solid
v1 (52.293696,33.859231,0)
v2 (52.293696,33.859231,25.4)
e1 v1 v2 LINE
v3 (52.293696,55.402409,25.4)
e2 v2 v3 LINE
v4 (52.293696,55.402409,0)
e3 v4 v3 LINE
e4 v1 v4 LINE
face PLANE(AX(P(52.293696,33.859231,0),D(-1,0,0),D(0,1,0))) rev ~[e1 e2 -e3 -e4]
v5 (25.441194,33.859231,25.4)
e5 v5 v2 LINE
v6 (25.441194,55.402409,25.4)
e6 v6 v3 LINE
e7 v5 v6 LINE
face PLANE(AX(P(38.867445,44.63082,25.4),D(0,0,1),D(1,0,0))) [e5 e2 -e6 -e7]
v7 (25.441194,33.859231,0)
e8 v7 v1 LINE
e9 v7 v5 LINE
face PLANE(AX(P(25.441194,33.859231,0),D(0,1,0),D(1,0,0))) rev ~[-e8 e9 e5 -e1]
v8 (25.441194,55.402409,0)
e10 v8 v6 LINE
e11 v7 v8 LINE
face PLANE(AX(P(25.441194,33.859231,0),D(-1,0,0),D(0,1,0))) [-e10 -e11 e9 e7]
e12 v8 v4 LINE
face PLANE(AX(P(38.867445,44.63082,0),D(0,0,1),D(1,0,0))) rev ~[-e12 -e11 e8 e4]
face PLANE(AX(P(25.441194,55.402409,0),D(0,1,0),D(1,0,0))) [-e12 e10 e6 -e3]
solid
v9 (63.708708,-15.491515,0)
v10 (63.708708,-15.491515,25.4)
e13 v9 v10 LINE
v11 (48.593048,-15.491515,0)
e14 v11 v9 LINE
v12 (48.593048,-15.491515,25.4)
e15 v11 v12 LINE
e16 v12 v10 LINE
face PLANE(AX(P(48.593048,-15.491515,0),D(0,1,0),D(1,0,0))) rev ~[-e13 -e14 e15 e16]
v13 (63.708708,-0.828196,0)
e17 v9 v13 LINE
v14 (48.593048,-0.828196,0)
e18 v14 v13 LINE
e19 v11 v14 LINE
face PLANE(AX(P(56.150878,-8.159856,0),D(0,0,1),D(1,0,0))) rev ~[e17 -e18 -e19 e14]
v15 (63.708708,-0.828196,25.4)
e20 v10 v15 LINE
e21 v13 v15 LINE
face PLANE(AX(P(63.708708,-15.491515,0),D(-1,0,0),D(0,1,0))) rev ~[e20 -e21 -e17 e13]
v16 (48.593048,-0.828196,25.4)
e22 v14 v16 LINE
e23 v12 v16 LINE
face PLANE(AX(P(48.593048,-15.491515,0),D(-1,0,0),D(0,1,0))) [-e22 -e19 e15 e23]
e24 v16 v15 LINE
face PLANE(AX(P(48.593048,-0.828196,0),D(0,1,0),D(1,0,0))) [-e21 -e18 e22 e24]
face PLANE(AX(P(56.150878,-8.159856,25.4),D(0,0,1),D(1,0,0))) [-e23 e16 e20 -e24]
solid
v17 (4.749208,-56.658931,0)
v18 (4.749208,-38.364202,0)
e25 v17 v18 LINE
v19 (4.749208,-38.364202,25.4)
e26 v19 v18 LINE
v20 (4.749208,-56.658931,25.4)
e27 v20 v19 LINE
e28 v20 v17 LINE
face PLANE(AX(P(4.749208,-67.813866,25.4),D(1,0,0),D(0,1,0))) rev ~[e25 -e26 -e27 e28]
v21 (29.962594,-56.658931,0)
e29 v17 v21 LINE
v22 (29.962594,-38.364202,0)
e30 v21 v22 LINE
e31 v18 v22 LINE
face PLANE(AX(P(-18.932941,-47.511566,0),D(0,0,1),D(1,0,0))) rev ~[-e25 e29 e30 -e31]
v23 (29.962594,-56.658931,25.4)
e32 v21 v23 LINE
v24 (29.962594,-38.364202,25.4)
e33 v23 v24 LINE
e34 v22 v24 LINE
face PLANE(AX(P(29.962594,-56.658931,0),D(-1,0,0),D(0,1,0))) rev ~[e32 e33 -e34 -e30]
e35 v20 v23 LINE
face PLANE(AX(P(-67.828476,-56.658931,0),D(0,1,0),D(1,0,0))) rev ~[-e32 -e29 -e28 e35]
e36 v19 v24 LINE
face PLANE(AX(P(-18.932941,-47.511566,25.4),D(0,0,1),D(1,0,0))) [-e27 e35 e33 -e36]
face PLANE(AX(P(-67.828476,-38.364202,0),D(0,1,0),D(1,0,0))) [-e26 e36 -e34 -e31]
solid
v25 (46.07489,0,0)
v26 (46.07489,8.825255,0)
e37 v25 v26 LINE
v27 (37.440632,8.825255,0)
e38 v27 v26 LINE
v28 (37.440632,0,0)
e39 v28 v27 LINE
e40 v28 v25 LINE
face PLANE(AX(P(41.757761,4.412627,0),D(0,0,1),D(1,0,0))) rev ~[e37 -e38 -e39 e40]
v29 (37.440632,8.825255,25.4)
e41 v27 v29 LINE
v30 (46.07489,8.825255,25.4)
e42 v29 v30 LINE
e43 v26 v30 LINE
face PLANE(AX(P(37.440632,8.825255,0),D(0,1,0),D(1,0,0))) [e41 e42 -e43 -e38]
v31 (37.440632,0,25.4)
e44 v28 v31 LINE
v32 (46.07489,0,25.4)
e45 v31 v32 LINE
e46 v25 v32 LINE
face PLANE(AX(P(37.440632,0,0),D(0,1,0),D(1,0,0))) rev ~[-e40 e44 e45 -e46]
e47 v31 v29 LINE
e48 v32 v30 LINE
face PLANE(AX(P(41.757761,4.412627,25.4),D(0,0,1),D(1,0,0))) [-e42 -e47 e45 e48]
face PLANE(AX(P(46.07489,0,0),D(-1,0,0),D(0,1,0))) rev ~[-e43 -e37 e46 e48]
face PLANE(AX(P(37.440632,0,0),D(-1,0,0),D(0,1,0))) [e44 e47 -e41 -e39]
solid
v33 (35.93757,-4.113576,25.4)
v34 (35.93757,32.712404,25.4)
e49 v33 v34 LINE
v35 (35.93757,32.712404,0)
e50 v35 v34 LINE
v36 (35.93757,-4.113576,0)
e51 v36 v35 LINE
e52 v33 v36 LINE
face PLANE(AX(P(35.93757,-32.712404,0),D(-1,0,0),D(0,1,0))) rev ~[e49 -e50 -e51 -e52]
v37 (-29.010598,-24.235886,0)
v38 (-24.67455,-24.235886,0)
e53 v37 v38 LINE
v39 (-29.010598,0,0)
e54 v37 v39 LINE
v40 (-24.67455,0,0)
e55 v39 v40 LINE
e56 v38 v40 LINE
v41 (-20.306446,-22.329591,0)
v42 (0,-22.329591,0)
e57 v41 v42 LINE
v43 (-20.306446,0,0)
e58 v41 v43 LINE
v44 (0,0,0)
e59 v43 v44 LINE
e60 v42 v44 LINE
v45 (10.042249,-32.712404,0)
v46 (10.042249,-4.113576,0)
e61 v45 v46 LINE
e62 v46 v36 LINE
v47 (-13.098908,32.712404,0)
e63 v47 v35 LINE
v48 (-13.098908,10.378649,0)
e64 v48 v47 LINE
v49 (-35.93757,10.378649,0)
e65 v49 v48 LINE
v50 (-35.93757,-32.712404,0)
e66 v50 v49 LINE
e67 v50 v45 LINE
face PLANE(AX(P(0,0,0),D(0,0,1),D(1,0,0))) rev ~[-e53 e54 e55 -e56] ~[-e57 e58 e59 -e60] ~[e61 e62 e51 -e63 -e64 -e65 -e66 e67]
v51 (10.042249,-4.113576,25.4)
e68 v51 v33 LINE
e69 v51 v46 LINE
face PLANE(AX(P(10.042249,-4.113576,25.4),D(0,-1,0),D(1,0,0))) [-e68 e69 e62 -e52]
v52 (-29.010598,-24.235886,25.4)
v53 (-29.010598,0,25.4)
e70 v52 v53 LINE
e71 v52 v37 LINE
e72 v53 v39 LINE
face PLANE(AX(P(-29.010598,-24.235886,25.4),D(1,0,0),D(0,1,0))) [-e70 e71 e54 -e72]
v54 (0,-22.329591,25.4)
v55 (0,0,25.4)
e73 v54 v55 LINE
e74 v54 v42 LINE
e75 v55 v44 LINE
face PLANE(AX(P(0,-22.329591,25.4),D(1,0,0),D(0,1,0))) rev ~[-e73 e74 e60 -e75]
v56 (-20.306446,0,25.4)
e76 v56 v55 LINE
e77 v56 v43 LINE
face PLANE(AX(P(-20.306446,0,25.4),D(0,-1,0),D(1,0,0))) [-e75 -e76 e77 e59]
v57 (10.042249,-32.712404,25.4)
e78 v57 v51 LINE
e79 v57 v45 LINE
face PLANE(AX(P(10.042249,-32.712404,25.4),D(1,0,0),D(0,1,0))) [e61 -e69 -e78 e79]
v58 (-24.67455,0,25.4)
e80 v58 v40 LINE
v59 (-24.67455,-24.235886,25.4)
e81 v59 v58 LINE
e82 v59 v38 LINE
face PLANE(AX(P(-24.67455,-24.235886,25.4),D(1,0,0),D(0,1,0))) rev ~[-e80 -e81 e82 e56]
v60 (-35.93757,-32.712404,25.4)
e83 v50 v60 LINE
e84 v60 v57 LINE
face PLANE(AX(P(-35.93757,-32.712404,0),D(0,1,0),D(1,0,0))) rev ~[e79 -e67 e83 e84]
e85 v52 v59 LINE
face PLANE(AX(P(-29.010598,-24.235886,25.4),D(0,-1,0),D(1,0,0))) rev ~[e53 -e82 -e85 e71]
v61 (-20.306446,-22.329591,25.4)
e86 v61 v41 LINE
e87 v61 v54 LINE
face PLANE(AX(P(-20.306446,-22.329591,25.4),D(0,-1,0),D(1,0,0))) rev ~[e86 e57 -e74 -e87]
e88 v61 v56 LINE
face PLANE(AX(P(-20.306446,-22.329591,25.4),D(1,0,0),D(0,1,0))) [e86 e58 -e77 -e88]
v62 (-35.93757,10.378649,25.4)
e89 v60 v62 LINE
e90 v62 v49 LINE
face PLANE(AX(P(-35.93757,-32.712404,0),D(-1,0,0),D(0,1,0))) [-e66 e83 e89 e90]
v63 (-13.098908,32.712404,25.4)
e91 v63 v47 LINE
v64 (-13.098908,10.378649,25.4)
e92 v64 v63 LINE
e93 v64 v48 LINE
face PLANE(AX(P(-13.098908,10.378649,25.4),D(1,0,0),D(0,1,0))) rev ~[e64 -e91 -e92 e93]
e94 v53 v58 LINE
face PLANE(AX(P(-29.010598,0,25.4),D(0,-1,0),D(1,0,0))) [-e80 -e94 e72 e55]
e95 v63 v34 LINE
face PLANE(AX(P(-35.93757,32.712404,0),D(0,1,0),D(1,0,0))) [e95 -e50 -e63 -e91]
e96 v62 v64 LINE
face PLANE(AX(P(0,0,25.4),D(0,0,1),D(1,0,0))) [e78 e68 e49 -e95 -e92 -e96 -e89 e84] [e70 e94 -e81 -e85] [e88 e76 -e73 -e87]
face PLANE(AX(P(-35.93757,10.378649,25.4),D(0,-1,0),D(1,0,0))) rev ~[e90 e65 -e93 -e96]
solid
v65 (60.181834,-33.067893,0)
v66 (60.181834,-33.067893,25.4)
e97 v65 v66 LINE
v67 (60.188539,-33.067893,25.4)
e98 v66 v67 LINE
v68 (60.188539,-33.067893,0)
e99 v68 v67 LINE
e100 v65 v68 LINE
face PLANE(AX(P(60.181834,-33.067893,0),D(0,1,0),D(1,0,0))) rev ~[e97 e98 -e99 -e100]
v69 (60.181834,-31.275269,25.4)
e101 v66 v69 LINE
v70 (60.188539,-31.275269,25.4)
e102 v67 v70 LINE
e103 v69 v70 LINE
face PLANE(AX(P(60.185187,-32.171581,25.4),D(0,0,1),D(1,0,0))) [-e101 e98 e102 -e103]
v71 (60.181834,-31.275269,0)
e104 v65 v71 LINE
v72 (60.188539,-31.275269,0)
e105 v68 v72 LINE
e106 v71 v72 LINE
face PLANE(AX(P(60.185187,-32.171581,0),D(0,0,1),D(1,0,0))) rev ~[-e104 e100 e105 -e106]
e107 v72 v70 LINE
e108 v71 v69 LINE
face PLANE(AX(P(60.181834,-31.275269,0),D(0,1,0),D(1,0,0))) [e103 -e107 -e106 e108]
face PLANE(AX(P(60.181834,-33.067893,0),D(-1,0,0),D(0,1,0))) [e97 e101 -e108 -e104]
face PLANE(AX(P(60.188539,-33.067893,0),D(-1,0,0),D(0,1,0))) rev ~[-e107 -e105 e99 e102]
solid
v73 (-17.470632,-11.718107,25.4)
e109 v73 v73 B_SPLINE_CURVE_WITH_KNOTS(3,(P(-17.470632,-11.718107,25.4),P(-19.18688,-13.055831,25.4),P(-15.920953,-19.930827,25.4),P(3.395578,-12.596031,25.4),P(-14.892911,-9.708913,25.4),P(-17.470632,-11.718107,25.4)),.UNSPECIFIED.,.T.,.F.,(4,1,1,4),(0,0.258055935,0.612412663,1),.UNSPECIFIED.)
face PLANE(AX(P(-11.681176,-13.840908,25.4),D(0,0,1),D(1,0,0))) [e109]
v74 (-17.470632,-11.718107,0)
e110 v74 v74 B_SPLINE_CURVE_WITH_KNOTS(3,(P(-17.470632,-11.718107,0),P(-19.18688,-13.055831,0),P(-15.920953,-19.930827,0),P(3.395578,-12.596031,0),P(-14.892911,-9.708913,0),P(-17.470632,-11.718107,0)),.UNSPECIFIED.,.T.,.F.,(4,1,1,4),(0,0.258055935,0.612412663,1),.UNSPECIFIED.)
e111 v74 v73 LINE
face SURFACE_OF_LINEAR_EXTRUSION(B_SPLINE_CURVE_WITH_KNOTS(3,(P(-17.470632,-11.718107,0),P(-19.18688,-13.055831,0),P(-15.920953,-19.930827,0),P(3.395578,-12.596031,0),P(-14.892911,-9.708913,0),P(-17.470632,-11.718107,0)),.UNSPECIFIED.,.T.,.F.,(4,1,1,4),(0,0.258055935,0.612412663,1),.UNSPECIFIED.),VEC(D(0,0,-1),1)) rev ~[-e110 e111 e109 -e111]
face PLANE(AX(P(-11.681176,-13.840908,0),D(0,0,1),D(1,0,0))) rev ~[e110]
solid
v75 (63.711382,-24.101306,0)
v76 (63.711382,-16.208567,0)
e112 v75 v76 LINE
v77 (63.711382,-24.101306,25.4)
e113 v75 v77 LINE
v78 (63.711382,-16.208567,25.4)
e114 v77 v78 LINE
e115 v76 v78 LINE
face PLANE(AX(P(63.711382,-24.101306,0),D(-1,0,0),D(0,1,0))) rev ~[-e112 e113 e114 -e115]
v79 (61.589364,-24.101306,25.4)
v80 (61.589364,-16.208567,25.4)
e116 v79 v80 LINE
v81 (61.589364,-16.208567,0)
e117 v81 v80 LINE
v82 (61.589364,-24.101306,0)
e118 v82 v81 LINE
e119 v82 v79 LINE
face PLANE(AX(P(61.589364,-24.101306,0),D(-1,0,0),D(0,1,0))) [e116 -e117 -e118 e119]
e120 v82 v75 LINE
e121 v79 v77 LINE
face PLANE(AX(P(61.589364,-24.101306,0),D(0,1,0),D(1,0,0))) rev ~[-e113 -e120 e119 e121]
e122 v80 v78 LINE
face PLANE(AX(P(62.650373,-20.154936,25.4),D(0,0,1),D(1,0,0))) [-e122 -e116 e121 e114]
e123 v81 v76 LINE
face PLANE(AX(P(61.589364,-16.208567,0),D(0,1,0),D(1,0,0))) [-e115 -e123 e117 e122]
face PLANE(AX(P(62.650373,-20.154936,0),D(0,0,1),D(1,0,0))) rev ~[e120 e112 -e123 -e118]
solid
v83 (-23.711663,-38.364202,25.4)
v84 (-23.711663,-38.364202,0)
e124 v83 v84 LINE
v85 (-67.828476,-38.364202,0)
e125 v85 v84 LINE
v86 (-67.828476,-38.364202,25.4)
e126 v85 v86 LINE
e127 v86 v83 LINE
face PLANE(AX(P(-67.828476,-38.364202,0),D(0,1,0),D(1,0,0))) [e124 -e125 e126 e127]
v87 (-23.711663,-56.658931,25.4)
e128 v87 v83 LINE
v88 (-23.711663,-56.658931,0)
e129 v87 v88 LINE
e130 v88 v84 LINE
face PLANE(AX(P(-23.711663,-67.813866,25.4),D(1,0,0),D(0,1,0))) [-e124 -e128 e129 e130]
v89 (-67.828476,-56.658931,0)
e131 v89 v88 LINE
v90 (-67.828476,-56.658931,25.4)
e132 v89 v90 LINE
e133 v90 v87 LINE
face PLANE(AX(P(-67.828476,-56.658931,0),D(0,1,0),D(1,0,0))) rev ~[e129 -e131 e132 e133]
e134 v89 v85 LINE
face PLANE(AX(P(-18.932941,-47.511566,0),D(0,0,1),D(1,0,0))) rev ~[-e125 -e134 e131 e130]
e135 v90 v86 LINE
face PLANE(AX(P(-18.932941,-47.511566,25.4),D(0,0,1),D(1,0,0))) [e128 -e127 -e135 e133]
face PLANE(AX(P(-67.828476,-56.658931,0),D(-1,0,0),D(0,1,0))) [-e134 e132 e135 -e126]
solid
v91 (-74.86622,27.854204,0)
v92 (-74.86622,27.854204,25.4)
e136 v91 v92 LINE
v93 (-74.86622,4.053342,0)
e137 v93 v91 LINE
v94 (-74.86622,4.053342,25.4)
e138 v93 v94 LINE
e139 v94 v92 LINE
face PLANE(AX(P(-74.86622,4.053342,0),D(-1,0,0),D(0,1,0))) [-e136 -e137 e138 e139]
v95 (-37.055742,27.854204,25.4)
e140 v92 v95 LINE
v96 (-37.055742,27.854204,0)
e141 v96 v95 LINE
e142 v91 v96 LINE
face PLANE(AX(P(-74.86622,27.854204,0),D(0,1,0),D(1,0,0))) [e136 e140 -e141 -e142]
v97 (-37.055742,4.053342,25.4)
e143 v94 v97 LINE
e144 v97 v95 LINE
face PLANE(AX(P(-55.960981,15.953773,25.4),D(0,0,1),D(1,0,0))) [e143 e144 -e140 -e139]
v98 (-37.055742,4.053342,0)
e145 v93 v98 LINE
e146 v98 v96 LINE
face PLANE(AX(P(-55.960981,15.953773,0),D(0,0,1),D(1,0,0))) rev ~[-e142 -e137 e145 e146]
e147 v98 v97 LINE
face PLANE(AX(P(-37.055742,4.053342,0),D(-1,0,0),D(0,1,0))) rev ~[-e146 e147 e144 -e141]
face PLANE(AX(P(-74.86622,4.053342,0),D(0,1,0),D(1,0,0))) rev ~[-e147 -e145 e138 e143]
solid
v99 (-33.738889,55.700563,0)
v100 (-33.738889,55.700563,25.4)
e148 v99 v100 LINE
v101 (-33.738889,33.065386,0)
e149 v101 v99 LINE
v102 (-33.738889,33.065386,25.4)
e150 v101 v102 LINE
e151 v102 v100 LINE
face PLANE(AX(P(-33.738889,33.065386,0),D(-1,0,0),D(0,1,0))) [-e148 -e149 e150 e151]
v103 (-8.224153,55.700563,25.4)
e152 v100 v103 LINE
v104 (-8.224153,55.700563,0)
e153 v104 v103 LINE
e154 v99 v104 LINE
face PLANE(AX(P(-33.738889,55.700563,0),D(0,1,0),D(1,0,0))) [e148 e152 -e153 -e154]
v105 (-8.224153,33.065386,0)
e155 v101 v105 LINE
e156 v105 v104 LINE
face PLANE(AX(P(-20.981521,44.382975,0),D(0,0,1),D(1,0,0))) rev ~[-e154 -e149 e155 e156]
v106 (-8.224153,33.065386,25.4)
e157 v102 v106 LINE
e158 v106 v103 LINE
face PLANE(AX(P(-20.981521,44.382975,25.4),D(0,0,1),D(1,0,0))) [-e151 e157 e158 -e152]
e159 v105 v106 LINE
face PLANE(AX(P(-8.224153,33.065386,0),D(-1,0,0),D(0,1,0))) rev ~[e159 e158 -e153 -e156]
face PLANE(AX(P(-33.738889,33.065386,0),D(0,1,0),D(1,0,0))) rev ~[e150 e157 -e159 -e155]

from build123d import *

# Parameters (mm, degrees)
F0_W      = 71.8751400709
F0_H      = 65.4248073697
F1_DEPTH  = 25.4
F2_W      = 22.8386623785
F2_H      = 22.3337542266
F3_DEPTH  = 25.401
F4_W      = 25.8953208104
F4_H      = 28.5988273099
F5_DEPTH  = 25.401
F6_W      = 20.3064456582
F6_H      = 22.3295912147
F7_DEPTH  = 25.401
F8_W      = 4.3360479176
F8_H      = 24.2358855903
F9_DEPTH  = 25.401
F10_W     = 97.7910701185
F10_H     = 18.2947292924
F11_DEPTH = 25.4
F12_W     = 28.4608709626
F12_H     = 29.4496640563
F13_DEPTH = 25.401
F14_W     = 25.5147358403
F14_H     = 22.6351767778
F15_DEPTH = 25.4
F16_W     = 26.8525015563
F16_H     = 21.5431787074
F17_DEPTH = 25.4
F18_W     = 8.6342580616
F18_H     = 8.8252546266
F19_DEPTH = 25.4
F18_W_2   = 15.1156596839
F18_H_2   = 14.6633193363
F18_W_3   = 2.1220184863
F18_H_3   = 7.8927390277
F18_W_4   = 0.0067055225
F18_H_4   = 1.7926245928
F20_W     = 37.8104783595
F20_H     = 23.8008620217
F21_DEPTH = 25.4
F23_DEPTH = 25.4


with BuildPart() as f1:
    # F0 (on Top) → F1 (new body)
    with BuildSketch(Plane.XY):
        Rectangle(F0_W, F0_H)
    extrude(amount=F1_DEPTH)

    # F2 (on face) → F3 (cut, through all)
    with BuildSketch(Plane.XY.offset(25.4)):
        with Locations((-24.5182388462, 21.5455265716)):
            Rectangle(F2_W, F2_H)
    extrude(amount=-F3_DEPTH, mode=Mode.SUBTRACT)

    # F4 (on face) → F5 (cut, through all)
    with BuildSketch(Plane.XY.offset(25.4)):
        with Locations((22.9899096303, -18.4129900299)):
            Rectangle(F4_W, F4_H)
    extrude(amount=-F5_DEPTH, mode=Mode.SUBTRACT)

    # F6 (on face) → F7 (cut, through all)
    with BuildSketch(Plane.XY.offset(25.4)):
        with Locations((-10.1532228291, -11.1647956073)):
            Rectangle(F6_W, F6_H)
    extrude(amount=-F7_DEPTH, mode=Mode.SUBTRACT)

    # F8 (on face) → F9 (cut, through all)
    with BuildSketch(Plane.XY.offset(25.4)):
        with Locations((-26.8425736576, -12.1179427952)):
            Rectangle(F8_W, F8_H)
    extrude(amount=-F9_DEPTH, mode=Mode.SUBTRACT)


with BuildPart() as f11:
    # F10 (on Top) → F11 (new body)
    with BuildSketch(Plane.XY):
        with Locations((-18.9329413697, -47.5115664303)):
            Rectangle(F10_W, F10_H)
    extrude(amount=F11_DEPTH)

    # F12 (on face) → F13 (cut, through all)
    with BuildSketch(Plane.XY.offset(25.4)):
        with Locations((-9.4812272582, -53.0890338123)):
            Rectangle(F12_W, F12_H)
    extrude(amount=-F13_DEPTH, mode=Mode.SUBTRACT)


with BuildPart() as f15:
    # F14 (on Top) → F15 (new body)
    with BuildSketch(Plane.XY):
        with Locations((-20.98152088, 44.3829745054)):
            Rectangle(F14_W, F14_H)
    extrude(amount=F15_DEPTH)


with BuildPart() as f17:
    # F16 (on Top) → F17 (new body)
    with BuildSketch(Plane.XY):
        with Locations((38.8674447313, 44.6308199316)):
            Rectangle(F16_W, F16_H)
    extrude(amount=F17_DEPTH)


with BuildPart() as f19:
    # F18 (on Top) → F19 (new body)
    with BuildSketch(Plane.XY):
        with Locations((41.7577605695, 4.4126273133)):
            Rectangle(F18_W, F18_H)
    extrude(amount=F19_DEPTH)


with BuildPart() as f19b:
    # F18 (on Top) → F19, piece 2 (new body)
    with BuildSketch(Plane.XY):
        with Locations((56.1508778483, -8.1598557299)):
            Rectangle(F18_W_2, F18_H_2)
    extrude(amount=F19_DEPTH)


with BuildPart() as f19c:
    # F18 (on Top) → F19, piece 3 (new body)
    with BuildSketch(Plane.XY):
        with Locations((62.6503732055, -20.1549362391)):
            Rectangle(F18_W_3, F18_H_3)
    extrude(amount=F19_DEPTH)


with BuildPart() as f19d:
    # F18 (on Top) → F19, piece 4 (new body)
    with BuildSketch(Plane.XY):
        with Locations((60.1851865649, -32.1715809405)):
            Rectangle(F18_W_4, F18_H_4)
    extrude(amount=F19_DEPTH)


with BuildPart() as f21:
    # F20 (on Top) → F21 (new body)
    with BuildSketch(Plane.XY):
        with Locations((-55.9609811753, 15.953773167)):
            Rectangle(F20_W, F20_H)
    extrude(amount=F21_DEPTH)


with BuildPart() as f23:
    # F22 (on Top) → F23 (new body)
    with BuildSketch(Plane.XY):
        with BuildLine():
            add(Edge.make_bspline(
                [(-17.4706317484, -11.7181073874), (-19.1868801709, -13.0558307579), (-15.9209529822, -19.9308273896), (3.3955781074, -12.5960314776), (-14.8929109318, -9.708912603), (-17.4706317484, -11.7181073874)],
                knots=[0, 0, 0, 0, 0.2580559353, 0.6124126626, 1, 1, 1, 1], degree=3))
        make_face()
    extrude(amount=F23_DEPTH)


solid = Compound([f1.part, f11.part, f15.part, f17.part, f19.part, f19b.part, f19c.part, f19d.part, f21.part, f23.part])
